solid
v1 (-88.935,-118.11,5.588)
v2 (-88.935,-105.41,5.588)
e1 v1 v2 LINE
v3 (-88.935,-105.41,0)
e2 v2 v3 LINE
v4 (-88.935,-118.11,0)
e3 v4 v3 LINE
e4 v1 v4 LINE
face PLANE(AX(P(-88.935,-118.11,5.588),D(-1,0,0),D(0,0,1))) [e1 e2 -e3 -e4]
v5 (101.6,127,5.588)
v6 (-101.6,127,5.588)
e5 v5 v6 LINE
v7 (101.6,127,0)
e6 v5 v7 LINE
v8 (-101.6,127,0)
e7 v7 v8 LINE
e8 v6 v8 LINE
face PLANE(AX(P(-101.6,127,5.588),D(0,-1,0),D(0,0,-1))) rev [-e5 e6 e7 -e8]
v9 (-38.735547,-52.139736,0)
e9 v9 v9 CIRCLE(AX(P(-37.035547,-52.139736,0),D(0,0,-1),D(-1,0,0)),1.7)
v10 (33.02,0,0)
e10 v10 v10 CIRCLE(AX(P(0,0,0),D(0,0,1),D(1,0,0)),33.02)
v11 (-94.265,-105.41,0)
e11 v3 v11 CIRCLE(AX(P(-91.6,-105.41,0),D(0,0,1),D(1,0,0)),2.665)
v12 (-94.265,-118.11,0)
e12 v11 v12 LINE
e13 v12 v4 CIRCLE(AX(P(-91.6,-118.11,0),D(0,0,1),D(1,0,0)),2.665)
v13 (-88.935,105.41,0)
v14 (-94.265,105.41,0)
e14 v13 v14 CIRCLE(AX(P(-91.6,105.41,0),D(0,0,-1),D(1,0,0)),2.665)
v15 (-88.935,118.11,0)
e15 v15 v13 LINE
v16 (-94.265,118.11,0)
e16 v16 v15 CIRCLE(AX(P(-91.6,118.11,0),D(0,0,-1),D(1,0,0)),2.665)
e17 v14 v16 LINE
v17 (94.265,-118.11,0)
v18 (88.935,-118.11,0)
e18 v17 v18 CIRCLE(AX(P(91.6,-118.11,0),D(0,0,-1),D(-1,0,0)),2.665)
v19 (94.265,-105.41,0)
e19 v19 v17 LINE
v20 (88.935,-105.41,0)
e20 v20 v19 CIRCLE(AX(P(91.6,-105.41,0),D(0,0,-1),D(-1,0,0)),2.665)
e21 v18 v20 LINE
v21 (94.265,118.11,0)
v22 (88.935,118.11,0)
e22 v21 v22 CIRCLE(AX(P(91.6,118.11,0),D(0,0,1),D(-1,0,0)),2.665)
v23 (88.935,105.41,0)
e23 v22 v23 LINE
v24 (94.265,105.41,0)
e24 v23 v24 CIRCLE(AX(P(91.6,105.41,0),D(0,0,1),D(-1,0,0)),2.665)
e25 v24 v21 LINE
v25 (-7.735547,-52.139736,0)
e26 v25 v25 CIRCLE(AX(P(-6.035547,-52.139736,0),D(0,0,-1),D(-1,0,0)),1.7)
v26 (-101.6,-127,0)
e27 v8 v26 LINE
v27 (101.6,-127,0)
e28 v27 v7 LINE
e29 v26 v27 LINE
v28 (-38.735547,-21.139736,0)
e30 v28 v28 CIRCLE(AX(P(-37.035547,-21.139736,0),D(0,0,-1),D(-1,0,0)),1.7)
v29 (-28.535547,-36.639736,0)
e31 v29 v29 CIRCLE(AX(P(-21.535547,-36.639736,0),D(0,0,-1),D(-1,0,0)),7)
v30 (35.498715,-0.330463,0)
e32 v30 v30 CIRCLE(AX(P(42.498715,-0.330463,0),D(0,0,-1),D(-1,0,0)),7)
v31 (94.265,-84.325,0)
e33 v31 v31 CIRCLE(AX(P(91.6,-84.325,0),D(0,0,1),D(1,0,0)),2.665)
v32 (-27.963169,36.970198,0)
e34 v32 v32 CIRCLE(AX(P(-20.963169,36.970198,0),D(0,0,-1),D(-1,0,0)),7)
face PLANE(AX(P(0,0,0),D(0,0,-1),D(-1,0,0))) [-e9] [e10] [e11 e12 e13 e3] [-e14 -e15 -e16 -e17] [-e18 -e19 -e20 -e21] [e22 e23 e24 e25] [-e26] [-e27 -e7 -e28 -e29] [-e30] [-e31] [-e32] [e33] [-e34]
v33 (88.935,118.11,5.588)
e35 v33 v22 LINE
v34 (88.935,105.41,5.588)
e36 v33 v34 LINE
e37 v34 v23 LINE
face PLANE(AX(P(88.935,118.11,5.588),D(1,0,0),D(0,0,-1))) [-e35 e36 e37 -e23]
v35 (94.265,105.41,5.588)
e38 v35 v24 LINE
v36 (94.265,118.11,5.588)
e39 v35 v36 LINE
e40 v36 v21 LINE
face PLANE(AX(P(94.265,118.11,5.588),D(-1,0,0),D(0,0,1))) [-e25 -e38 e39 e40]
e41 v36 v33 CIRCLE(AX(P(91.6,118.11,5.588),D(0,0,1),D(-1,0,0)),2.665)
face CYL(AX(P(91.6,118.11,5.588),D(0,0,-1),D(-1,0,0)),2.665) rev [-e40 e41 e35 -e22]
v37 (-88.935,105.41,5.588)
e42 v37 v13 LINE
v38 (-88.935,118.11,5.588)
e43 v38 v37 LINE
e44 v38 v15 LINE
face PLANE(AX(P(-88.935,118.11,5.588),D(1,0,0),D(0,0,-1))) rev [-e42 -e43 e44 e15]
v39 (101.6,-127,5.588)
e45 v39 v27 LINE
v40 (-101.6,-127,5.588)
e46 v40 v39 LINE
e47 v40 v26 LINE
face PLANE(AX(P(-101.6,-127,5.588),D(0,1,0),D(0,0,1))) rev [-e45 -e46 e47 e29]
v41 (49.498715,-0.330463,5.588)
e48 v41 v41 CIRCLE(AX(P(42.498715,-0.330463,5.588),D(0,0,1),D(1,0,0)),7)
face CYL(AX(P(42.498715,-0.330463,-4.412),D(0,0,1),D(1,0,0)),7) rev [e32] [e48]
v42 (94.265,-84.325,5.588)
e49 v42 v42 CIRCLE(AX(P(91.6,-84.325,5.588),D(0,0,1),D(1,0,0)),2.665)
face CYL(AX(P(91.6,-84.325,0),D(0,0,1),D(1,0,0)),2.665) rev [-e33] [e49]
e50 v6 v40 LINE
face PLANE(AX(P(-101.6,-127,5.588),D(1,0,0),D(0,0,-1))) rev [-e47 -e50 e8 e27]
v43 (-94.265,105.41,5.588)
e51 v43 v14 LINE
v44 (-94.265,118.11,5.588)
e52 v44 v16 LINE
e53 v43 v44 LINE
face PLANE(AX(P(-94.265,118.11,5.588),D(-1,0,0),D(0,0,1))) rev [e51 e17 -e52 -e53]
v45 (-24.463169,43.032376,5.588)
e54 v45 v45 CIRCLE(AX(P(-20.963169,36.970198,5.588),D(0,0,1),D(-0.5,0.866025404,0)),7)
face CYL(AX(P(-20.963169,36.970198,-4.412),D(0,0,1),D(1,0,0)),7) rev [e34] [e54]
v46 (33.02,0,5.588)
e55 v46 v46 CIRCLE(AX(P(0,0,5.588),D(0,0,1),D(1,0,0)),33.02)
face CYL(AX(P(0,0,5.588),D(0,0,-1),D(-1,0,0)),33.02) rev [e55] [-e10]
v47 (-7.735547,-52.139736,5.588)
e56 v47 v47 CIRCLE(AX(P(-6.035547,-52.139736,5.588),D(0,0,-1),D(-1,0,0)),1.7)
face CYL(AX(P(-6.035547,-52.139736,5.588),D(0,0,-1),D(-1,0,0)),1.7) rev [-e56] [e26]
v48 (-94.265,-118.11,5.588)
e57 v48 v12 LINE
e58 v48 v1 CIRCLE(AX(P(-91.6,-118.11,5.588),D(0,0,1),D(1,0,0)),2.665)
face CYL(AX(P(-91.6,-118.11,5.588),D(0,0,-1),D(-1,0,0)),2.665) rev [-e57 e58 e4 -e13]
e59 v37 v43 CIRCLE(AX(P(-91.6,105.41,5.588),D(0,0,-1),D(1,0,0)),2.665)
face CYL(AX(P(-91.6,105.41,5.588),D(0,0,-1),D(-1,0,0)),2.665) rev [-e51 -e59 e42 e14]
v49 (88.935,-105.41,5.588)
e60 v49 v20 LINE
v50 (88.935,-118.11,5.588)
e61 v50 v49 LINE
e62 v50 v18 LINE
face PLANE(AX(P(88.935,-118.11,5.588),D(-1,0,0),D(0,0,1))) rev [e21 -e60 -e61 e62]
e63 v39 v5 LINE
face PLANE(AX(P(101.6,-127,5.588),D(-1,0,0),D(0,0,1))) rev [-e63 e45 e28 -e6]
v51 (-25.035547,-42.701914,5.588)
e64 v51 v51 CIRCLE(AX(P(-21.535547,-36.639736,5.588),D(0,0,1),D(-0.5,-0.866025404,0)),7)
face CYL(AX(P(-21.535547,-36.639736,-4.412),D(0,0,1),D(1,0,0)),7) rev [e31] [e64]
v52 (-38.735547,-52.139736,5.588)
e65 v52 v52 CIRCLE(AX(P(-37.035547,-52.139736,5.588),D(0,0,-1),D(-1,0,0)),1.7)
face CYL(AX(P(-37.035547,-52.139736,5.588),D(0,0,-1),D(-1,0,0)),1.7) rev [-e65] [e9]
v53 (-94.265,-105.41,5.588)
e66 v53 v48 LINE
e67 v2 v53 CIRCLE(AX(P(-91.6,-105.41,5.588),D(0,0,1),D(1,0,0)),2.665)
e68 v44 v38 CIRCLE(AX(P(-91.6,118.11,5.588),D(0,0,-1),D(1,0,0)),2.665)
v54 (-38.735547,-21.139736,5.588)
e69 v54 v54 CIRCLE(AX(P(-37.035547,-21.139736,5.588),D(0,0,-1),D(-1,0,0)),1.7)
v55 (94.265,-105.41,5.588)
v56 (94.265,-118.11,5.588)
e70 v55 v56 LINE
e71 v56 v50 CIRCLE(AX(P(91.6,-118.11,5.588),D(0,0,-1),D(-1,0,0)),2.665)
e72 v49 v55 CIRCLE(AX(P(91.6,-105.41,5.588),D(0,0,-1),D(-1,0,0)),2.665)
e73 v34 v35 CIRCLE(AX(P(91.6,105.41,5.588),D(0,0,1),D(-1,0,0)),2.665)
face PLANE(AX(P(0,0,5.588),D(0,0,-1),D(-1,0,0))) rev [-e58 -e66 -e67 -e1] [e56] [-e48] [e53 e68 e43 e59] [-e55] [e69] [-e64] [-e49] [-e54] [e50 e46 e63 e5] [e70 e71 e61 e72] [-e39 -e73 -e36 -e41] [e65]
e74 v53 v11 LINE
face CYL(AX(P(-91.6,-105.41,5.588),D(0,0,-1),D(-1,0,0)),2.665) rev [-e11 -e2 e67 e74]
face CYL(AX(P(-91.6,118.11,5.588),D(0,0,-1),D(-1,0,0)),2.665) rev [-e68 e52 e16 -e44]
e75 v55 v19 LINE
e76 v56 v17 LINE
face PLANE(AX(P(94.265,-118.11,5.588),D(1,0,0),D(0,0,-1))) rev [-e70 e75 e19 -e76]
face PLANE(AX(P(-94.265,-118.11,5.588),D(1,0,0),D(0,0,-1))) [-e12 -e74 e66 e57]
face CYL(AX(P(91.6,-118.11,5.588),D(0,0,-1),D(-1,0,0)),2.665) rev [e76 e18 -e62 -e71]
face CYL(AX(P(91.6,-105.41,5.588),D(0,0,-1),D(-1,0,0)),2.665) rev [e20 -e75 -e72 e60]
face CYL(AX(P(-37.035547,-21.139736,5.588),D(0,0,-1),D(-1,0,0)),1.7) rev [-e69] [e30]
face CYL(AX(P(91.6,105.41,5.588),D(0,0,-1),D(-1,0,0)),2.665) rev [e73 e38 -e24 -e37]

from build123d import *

# Parameters (mm, degrees)
SKETCH1_W                                = 203.2
SKETCH1_H                                = 254
SKETCH1_R                                = 33.02
BOSS_EXTRUDE1_DEPTH                      = 5.588
SKETCH7_R                                = 7
CUT_EXTRUDE6_DEPTH                       = 10
CIRPATTERN2_COUNT                        = 3
SKETCH9_R                                = 1.7
CUT_EXTRUDE8_DEPTH                       = 163.735324205
SKETCH10_R                               = 2.665
CUT_EXTRUDE9_DEPTH                       = 498.241984141
CUT_EXTRUDE10_DEPTH                      = 163.735324205
MIRROR1_AT_THE_SECOND_PLANE_COPY_1_DEPTH = 163.735324205


with BuildPart() as part:
    # Sketch1 → Boss-Extrude1 (new body)
    with BuildSketch(Plane.XY):
        Rectangle(SKETCH1_W, SKETCH1_H)
        Circle(SKETCH1_R, mode=Mode.SUBTRACT)
    extrude(amount=BOSS_EXTRUDE1_DEPTH)

    # Sketch7 → Cut-Extrude6 (cut)
    with BuildSketch(Plane(origin=(-207.785981093, -42.996428153, 5.588), x_dir=(0.9999282090774324, -0.011982349151927488, 0), z_dir=(0, 0, 1))):
        with Locations(Location((249.755489637, 45.661901138, 0), (0, 0, 0.686554465))):
            Circle(SKETCH7_R)
    cut_extrude6 = extrude(amount=-CUT_EXTRUDE6_DEPTH, mode=Mode.SUBTRACT)

    # CirPattern2: Cut-Extrude6 ×3 about axis
    cirpattern2_axis = Axis((0, 0, 0), (0, 0, 1))
    for i in range(1, CIRPATTERN2_COUNT):
        add(cut_extrude6.rotate(cirpattern2_axis, i * 360 / CIRPATTERN2_COUNT), mode=Mode.SUBTRACT)

    # Sketch9 → Cut-Extrude8 (cut, through all)
    with BuildSketch(Plane(origin=(0, 0, 0), x_dir=(-1, 0, 0), z_dir=(0, 0, -1))):
        with Locations((37.035546616, -21.139735697)):
            Circle(SKETCH9_R)
        with Locations((37.035546616, -52.139735697)):
            Circle(SKETCH9_R)
        with Locations((6.035546616, -52.139735697)):
            Circle(SKETCH9_R)
    extrude(amount=-CUT_EXTRUDE8_DEPTH, mode=Mode.SUBTRACT)

    # Sketch10 → Cut-Extrude9 (cut, through all)
    with BuildSketch(Plane(origin=(-338.26084164, -104.82063118, 5.588), x_dir=(0.9999190535665993, -0.012723455288419916, 0), z_dir=(0, 0, 1))):
        with Locations(Location((429.565270691, 25.963287337, 0), (0, 0, 0.729019959))):
            Circle(SKETCH10_R)
    extrude(amount=-CUT_EXTRUDE9_DEPTH, mode=Mode.SUBTRACT)

    # Sketch11 → Cut-Extrude10 (cut, through all)
    with BuildSketch(Plane(origin=(0, 0, 0), x_dir=(-1, 0, 0), z_dir=(0, 0, -1))):
        with BuildLine():
            Line((-94.265, -118.11), (-94.265, -105.41))
            ThreePointArc((-94.265, -105.41), (-91.6, -102.745), (-88.935, -105.41))
            Line((-88.935, -105.41), (-88.935, -118.11))
            ThreePointArc((-88.935, -118.11), (-91.6, -120.775), (-94.265, -118.11))
        make_face()
    cut_extrude10 = extrude(amount=-CUT_EXTRUDE10_DEPTH, mode=Mode.SUBTRACT)

    # Mirror1: Cut-Extrude10 across plane
    add(cut_extrude10.mirror(Plane(origin=(0, 0, 0), x_dir=(0, 0, 1), z_dir=(1, 0, 0))), mode=Mode.SUBTRACT)

    # Mirror1 at the second plane: Cut-Extrude10 across plane
    add(cut_extrude10.mirror(Plane.ZX), mode=Mode.SUBTRACT)

    # Mirror1 at the second plane copy 1 sketc → Mirror1 at the second plane copy 1 (cut, through all)
    with BuildSketch(Plane(origin=(0, 0, 0), x_dir=(1, 0, 0), z_dir=(0, 0, -1))):
        with BuildLine():
            Line((-94.265, -118.11), (-94.265, -105.41))
            ThreePointArc((-94.265, -105.41), (-91.6, -102.745), (-88.935, -105.41))
            Line((-88.935, -105.41), (-88.935, -118.11))
            ThreePointArc((-88.935, -118.11), (-91.6, -120.775), (-94.265, -118.11))
        make_face()
    extrude(amount=-MIRROR1_AT_THE_SECOND_PLANE_COPY_1_DEPTH, mode=Mode.SUBTRACT)


solid = part.part
